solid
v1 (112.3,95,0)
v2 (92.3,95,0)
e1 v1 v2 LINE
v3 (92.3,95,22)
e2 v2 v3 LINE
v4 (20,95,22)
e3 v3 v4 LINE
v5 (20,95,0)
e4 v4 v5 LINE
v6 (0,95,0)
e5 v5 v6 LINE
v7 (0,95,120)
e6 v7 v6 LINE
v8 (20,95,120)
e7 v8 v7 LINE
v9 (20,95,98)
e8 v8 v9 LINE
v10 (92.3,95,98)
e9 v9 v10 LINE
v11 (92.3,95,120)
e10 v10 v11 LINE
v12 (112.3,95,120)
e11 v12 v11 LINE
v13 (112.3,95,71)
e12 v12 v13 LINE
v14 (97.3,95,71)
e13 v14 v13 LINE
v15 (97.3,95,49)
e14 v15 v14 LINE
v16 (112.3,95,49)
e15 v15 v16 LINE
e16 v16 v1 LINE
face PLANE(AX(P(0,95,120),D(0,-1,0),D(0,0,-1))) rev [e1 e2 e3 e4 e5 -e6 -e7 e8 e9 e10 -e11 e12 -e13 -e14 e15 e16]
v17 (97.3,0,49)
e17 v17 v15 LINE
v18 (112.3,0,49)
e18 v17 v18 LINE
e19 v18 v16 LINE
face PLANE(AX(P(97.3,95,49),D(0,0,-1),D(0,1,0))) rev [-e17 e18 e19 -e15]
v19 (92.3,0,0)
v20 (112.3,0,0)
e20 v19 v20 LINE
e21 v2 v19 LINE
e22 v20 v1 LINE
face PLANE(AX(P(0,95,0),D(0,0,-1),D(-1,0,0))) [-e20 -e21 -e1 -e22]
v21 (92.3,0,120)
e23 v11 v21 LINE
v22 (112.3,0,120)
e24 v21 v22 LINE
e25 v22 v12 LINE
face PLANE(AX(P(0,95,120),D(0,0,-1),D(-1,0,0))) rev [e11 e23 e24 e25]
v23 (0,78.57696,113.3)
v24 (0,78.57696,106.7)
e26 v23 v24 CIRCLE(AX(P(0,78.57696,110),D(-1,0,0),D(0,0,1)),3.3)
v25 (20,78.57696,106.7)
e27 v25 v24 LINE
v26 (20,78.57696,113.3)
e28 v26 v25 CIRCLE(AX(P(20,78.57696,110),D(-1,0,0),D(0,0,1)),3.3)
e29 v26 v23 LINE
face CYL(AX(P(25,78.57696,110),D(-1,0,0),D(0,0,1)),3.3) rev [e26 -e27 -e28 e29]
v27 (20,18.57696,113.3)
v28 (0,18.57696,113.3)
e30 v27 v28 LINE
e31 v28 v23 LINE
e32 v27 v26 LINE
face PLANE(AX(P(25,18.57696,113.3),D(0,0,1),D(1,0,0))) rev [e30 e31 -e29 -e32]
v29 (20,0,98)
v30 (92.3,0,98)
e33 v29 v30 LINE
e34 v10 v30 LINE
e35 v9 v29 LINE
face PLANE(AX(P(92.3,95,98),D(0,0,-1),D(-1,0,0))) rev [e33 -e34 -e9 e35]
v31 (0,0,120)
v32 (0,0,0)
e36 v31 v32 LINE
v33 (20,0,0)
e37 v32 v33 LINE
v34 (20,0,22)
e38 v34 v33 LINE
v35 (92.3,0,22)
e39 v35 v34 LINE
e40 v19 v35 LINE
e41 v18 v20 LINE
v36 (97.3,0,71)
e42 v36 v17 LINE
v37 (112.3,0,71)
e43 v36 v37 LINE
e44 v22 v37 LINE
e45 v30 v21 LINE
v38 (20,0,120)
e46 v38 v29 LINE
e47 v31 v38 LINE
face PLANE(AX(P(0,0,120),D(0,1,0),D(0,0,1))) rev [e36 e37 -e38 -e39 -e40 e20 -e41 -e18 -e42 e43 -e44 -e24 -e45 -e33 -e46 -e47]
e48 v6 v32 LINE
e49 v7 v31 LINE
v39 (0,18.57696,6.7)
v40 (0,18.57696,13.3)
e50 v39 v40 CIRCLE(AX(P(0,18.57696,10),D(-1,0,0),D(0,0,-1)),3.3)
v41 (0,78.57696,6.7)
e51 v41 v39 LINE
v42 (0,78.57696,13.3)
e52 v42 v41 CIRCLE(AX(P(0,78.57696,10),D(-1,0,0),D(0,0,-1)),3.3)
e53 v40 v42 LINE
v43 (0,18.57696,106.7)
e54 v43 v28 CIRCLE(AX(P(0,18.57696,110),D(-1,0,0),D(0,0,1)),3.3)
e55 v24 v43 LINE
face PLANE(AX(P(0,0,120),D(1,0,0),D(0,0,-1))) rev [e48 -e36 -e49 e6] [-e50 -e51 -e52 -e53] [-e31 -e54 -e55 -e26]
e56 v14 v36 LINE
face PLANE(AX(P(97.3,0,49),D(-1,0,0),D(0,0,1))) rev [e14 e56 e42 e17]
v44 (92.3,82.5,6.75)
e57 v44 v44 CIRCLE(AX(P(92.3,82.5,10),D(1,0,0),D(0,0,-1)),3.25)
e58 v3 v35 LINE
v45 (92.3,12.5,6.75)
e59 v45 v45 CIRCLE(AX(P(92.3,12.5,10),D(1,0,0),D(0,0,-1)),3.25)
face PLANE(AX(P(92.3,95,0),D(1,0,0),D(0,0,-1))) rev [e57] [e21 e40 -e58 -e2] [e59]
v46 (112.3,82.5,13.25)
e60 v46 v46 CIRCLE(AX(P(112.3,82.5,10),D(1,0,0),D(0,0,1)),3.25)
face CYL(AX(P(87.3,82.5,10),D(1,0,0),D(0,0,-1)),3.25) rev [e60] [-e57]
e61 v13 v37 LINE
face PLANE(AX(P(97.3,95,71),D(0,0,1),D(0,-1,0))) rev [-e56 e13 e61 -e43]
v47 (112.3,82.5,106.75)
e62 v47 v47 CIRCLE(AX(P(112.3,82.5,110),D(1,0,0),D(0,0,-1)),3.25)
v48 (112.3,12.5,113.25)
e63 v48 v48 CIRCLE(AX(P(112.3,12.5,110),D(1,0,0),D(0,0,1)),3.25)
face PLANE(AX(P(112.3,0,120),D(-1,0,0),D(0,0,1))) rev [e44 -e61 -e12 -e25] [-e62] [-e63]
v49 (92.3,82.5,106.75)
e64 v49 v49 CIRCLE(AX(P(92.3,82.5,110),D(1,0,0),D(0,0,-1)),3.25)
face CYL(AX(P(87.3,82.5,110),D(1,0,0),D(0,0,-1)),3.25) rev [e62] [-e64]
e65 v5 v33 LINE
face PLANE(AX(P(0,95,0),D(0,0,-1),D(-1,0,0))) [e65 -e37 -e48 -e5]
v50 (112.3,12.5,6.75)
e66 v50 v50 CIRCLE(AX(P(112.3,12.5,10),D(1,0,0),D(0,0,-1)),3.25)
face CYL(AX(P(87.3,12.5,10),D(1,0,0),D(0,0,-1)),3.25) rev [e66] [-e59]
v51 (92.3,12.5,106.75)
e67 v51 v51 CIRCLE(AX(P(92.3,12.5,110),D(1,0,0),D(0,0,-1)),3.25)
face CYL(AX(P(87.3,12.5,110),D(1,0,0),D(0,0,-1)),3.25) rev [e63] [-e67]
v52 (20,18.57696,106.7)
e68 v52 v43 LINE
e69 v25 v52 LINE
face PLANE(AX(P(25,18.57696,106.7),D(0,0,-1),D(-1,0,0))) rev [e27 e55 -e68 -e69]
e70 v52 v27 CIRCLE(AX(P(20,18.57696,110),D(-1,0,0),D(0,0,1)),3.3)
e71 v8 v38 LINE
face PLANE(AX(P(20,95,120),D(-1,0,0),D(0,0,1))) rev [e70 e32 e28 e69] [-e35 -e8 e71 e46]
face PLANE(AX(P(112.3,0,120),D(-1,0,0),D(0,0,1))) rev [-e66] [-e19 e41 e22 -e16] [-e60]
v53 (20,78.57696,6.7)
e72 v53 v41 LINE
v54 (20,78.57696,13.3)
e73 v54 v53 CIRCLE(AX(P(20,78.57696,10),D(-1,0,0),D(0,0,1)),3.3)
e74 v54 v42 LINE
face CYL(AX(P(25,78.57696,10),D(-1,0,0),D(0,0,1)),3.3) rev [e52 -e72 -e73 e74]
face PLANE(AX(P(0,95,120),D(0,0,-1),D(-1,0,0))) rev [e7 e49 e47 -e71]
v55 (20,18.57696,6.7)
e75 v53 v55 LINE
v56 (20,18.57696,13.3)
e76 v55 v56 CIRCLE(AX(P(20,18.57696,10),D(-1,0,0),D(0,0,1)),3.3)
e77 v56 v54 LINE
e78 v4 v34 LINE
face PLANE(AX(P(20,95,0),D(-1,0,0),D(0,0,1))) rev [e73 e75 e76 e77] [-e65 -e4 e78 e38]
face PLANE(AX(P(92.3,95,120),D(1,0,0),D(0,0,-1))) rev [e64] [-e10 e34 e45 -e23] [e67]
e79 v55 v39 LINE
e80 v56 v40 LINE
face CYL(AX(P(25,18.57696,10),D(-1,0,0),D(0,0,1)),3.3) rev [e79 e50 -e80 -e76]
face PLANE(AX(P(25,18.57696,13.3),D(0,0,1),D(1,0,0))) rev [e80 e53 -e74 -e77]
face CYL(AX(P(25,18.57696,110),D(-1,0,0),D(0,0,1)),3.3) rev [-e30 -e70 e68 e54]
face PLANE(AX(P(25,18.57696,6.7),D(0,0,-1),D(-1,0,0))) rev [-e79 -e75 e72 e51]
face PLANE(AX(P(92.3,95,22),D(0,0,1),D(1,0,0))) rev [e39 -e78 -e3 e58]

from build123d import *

# Parameters (mm, degrees)
SKETCH_1_W          = 112.3
SKETCH_1_H          = 95
EXTRUDE_1_DEPTH     = 120
SKETCH_2_W          = 72.3
SKETCH_2_H          = 22
CUT_EXTRUDE_1_DEPTH = 190.832268068
CUT_EXTRUDE_2_DEPTH = 25
SKETCH_4_R          = 3.25
CUT_EXTRUDE_3_DEPTH = 25
SKETCH_6_W          = 22
SKETCH_6_H          = 95
CUT_EXTRUDE_4_DEPTH = 15


with BuildPart() as part:
    # 草图1 → 凸台-拉伸1 (new body)
    with BuildSketch(Plane.XY):
        with Locations((56.15, 47.5)):
            Rectangle(SKETCH_1_W, SKETCH_1_H)
    extrude(amount=EXTRUDE_1_DEPTH)

    # 草图2 → 切除-拉伸1 (cut, through all)
    with BuildSketch(Plane.XZ):
        with Locations((56.15, 109)):
            Rectangle(SKETCH_2_W, SKETCH_2_H)
        with Locations((56.15, 11)):
            Rectangle(SKETCH_2_W, SKETCH_2_H)
    extrude(amount=-CUT_EXTRUDE_1_DEPTH, mode=Mode.SUBTRACT)

    # 草图3 → 切除-拉伸2 (cut)
    with BuildSketch(Plane.ZY):
        with BuildLine():
            Line((106.7, 18.576960217), (106.7, 78.576960217))
            ThreePointArc((106.7, 78.576960217), (110, 81.876960217), (113.3, 78.576960217))
            Line((113.3, 78.576960217), (113.3, 18.576960217))
            ThreePointArc((113.3, 18.576960217), (110, 15.276960217), (106.7, 18.576960217))
        make_face()
        with BuildLine():
            Line((13.3, 18.576960217), (13.3, 78.576960217))
            ThreePointArc((13.3, 78.576960217), (10, 81.876960217), (6.7, 78.576960217))
            Line((6.7, 78.576960217), (6.7, 18.576960217))
            ThreePointArc((6.7, 18.576960217), (10, 15.276960217), (13.3, 18.576960217))
        make_face()
    extrude(amount=-CUT_EXTRUDE_2_DEPTH, mode=Mode.SUBTRACT)

    # 草图4 → 切除-拉伸3 (cut)
    with BuildSketch(Plane(origin=(112.3, 0, 0), x_dir=(0, 0, -1), z_dir=(1, 0, 0))):
        with Locations((-110, 82.5)):
            Circle(SKETCH_4_R)
        with Locations((-10, 82.5)):
            Circle(SKETCH_4_R)
        with Locations((-10, 12.5)):
            Circle(SKETCH_4_R)
        with Locations((-110, 12.5)):
            Circle(SKETCH_4_R)
    extrude(amount=-CUT_EXTRUDE_3_DEPTH, mode=Mode.SUBTRACT)

    # 草图6 → 切除-拉伸4 (cut)
    with BuildSketch(Plane(origin=(112.3, 0, 0), x_dir=(0, 0, -1), z_dir=(1, 0, 0))):
        with Locations((-60, 47.5)):
            Rectangle(SKETCH_6_W, SKETCH_6_H)
    extrude(amount=-CUT_EXTRUDE_4_DEPTH, mode=Mode.SUBTRACT)


solid = part.part
